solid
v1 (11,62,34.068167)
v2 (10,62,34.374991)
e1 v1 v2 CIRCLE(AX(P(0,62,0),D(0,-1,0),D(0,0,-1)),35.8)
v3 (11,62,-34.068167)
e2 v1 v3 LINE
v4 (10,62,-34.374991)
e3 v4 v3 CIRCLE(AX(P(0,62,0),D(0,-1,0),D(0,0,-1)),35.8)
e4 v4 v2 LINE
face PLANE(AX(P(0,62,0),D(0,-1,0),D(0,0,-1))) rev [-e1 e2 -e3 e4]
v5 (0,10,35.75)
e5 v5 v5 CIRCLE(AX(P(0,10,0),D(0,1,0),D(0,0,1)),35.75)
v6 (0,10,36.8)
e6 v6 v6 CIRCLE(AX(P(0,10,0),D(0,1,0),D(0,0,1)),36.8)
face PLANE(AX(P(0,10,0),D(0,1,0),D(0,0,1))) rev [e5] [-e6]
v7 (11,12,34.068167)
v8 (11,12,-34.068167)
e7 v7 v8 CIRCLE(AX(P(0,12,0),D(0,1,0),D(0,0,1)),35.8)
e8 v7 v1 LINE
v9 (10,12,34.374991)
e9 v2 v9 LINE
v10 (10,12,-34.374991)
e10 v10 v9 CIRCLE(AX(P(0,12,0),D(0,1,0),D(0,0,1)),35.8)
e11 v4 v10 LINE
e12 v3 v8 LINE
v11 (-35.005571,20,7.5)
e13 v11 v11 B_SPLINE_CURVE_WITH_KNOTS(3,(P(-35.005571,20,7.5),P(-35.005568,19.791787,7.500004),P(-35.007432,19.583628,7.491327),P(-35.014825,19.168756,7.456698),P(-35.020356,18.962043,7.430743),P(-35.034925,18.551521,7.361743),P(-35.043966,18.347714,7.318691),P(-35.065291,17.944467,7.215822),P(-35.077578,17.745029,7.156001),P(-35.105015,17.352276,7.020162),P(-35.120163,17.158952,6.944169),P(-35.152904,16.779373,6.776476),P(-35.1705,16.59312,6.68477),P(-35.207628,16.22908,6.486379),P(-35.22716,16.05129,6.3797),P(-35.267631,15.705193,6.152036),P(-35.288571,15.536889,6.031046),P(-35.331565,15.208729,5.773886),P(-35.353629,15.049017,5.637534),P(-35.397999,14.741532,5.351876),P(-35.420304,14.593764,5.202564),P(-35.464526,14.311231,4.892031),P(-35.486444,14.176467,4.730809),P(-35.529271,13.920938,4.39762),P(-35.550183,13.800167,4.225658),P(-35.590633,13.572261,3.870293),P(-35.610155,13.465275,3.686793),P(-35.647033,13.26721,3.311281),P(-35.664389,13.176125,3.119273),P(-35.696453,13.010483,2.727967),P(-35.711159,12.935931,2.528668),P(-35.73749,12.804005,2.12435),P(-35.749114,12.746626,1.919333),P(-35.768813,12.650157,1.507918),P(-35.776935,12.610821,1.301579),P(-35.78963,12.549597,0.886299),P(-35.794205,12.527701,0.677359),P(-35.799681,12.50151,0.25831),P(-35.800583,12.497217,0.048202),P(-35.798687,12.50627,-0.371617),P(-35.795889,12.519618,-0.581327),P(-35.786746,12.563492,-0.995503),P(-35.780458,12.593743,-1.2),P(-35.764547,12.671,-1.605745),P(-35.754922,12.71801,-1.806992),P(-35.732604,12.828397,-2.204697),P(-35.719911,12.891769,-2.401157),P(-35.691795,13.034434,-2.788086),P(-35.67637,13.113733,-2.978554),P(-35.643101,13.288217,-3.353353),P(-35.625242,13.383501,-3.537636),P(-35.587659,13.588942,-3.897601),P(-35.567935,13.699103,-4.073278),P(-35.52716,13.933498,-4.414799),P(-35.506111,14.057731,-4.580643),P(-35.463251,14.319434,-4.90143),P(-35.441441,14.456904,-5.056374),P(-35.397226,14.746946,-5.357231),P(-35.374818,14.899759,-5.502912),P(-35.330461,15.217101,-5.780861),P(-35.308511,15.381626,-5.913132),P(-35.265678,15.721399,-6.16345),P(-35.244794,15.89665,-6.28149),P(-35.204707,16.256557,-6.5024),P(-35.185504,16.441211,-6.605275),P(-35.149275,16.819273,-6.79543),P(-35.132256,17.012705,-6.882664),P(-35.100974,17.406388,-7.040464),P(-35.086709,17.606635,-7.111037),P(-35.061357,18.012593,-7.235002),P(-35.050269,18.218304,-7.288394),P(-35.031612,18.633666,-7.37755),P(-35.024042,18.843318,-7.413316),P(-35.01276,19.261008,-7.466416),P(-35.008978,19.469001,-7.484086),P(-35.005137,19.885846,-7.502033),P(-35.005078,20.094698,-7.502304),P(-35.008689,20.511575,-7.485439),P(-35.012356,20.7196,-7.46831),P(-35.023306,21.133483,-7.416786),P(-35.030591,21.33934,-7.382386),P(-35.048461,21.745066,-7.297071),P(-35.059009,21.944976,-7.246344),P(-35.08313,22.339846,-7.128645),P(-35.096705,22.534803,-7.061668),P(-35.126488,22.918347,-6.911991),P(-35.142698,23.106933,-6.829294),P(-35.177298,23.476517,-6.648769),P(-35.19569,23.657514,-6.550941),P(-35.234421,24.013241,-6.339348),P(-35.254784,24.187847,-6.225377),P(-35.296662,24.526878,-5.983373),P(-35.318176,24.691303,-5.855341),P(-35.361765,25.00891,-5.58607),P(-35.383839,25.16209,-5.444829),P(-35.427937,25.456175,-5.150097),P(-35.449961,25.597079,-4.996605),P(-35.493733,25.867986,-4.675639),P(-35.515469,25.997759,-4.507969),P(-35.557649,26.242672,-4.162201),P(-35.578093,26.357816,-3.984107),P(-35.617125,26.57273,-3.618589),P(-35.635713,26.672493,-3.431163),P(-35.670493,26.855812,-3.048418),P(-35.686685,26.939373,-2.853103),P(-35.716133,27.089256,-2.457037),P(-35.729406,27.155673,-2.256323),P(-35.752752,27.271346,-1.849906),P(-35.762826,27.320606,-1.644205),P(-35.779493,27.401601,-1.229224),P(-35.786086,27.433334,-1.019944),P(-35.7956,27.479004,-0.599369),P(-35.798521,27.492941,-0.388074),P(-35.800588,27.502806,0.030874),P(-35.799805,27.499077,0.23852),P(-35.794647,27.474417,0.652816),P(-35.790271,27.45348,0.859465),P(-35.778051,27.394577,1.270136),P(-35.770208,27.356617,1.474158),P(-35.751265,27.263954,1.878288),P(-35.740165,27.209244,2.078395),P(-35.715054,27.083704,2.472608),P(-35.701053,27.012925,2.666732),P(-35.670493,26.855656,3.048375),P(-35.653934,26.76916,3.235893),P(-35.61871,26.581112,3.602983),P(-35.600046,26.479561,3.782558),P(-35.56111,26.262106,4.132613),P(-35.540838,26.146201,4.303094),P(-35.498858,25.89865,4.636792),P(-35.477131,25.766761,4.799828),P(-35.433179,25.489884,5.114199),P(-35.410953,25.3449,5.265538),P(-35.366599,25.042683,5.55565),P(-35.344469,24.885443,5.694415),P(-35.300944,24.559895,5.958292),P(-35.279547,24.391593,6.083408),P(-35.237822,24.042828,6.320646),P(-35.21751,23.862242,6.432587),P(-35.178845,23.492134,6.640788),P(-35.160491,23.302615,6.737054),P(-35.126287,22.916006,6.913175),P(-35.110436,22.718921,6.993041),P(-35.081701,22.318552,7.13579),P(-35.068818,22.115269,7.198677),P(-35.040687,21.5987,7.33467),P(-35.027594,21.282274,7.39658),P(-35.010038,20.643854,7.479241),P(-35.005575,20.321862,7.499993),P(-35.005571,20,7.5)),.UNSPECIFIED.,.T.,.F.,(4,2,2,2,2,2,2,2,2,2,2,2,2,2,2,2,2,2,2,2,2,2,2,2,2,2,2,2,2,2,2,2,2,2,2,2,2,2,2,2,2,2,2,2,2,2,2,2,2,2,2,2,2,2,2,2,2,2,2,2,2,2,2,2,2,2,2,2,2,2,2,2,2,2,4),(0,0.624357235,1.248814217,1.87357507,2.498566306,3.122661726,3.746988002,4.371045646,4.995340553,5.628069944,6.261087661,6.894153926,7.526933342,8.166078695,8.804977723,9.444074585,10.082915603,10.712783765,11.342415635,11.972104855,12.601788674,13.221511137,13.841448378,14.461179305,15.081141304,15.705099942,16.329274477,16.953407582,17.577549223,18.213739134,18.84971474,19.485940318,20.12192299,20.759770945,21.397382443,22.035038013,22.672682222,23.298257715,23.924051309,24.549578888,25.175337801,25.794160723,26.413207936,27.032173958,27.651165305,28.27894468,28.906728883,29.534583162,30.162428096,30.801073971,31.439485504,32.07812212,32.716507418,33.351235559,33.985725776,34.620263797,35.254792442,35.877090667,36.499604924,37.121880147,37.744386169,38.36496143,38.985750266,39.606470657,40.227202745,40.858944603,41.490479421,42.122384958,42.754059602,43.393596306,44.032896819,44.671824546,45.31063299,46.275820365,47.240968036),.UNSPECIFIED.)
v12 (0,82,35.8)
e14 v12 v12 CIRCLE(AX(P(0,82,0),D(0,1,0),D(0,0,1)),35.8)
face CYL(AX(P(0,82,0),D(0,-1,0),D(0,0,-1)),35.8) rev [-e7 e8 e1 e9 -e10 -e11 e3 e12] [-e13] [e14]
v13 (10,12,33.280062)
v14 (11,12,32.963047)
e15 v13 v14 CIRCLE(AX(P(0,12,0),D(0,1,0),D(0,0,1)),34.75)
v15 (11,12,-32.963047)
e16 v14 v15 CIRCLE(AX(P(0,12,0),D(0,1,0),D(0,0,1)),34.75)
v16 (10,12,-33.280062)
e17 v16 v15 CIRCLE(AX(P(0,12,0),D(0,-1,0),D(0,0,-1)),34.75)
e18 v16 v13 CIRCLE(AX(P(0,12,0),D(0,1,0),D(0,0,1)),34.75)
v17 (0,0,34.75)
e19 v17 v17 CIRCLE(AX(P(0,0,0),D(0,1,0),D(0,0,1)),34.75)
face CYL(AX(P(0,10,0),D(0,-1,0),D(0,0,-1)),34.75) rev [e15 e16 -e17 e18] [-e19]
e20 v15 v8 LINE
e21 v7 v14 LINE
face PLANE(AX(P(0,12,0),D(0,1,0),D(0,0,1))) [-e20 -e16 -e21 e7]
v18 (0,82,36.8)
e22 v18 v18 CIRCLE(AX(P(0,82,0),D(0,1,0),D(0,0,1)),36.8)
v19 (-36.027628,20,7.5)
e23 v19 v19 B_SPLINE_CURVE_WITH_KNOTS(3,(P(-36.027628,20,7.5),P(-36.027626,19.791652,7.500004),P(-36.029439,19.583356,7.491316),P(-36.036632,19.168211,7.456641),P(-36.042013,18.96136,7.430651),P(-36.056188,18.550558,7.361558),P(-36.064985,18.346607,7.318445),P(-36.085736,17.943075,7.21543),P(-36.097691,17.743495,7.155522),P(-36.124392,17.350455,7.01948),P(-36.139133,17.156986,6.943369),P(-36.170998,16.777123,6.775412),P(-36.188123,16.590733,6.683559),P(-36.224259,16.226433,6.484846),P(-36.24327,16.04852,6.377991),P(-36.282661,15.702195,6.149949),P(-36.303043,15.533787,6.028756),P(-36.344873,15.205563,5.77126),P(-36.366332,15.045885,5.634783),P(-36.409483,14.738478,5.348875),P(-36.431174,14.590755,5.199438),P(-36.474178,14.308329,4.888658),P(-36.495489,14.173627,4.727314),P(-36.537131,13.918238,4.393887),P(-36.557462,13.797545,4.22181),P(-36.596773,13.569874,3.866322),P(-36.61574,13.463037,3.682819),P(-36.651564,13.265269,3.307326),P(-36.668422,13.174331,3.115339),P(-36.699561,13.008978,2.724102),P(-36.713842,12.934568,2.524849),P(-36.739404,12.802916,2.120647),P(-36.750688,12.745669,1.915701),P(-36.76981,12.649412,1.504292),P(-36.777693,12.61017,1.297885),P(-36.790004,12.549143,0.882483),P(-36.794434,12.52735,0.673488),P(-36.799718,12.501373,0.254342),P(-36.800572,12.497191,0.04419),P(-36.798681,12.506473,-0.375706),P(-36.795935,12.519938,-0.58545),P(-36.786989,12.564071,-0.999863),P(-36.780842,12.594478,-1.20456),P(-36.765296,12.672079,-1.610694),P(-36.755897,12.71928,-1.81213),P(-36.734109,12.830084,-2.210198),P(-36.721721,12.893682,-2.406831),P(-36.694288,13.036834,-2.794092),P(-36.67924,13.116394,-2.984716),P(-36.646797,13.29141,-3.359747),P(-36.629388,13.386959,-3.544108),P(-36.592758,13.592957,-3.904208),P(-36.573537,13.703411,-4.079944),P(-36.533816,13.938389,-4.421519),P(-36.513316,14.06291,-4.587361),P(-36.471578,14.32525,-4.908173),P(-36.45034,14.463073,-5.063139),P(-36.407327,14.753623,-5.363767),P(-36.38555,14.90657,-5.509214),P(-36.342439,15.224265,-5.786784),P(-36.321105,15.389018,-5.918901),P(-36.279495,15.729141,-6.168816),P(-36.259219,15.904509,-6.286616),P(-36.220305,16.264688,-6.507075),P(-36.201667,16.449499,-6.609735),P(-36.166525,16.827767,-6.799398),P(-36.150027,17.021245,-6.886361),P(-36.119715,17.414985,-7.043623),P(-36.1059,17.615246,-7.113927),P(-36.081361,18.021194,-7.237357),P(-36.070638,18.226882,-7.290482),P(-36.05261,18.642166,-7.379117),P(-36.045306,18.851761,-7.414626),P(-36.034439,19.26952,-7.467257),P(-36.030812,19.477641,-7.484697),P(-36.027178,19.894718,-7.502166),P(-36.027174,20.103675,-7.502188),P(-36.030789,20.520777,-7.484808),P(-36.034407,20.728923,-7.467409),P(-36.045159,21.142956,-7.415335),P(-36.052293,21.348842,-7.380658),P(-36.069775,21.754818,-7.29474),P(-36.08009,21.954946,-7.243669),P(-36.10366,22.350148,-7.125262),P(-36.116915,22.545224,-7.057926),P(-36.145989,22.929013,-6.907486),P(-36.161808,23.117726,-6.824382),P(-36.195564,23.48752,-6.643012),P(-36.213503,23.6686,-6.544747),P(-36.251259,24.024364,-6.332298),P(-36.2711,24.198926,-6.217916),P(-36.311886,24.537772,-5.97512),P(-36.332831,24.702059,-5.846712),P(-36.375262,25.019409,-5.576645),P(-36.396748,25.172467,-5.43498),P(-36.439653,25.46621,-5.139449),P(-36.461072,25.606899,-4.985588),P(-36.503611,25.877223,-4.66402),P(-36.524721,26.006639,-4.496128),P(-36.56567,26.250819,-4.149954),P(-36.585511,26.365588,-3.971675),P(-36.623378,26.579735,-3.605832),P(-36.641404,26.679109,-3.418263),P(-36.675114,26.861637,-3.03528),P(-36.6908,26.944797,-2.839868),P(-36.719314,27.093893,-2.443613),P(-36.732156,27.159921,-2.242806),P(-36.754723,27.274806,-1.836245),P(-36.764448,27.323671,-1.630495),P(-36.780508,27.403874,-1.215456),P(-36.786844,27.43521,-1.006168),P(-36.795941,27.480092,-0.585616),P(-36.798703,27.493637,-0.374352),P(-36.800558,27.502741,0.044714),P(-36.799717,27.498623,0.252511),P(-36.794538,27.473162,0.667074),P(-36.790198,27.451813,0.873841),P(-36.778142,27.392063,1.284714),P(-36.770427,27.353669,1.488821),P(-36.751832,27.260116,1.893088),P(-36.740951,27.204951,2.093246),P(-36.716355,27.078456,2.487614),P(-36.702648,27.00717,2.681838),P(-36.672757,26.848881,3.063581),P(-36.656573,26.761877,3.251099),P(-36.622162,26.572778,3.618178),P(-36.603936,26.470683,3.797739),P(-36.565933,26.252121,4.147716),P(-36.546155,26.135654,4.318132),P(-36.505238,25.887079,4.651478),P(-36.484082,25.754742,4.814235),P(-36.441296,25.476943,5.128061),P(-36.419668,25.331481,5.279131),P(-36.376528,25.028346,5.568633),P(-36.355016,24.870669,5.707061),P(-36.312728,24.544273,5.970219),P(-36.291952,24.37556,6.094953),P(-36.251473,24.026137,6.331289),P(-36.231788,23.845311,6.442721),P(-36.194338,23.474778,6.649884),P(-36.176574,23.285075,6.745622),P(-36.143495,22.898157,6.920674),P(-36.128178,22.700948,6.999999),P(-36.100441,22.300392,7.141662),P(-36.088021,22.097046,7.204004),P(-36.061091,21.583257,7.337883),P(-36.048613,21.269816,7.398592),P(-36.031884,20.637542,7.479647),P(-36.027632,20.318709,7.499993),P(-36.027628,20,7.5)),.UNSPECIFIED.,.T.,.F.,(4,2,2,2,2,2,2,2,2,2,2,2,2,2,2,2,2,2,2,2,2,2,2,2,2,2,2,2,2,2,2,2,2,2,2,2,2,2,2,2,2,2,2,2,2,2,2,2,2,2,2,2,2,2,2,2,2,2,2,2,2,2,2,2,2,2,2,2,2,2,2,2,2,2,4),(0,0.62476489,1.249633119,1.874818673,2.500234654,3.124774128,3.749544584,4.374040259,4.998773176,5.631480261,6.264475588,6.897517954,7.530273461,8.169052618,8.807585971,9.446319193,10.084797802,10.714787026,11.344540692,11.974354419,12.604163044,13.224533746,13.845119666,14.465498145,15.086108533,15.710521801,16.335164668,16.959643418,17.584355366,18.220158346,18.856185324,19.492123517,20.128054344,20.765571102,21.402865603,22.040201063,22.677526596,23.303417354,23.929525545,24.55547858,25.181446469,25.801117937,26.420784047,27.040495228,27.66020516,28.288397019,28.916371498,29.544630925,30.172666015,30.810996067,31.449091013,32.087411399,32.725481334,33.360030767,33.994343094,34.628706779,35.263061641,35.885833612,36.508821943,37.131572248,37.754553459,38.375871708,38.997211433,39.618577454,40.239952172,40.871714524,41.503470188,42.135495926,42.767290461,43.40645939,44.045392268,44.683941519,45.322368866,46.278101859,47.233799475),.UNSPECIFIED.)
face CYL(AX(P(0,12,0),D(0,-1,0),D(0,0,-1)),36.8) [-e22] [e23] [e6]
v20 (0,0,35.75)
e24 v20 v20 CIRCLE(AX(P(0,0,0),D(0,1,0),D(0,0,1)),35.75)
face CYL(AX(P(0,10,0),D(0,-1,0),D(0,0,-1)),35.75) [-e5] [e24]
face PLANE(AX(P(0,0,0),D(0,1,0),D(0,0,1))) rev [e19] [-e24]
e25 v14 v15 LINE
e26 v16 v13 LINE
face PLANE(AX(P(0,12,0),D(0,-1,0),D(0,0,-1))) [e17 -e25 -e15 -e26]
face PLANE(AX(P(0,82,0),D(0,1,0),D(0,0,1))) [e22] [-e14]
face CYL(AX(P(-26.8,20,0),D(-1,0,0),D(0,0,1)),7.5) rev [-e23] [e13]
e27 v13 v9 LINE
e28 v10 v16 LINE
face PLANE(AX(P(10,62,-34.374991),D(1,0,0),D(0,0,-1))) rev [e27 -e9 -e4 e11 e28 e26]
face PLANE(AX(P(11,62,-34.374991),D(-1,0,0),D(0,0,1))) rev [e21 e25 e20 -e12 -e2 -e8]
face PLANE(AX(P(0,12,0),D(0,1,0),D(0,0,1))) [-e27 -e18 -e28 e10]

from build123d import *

# Parameters (mm, degrees)
SKETCH1_R           = 35.75
SKETCH1_R_2         = 34.75
BOSS_EXTRUDE1_DEPTH = 10
SKETCH2_R           = 36.8
SKETCH2_R_2         = 34.75
BOSS_EXTRUDE3_DEPTH = 2
SKETCH3_R           = 36.8
SKETCH3_R_2         = 35.8
BOSS_EXTRUDE4_DEPTH = 70
SKETCH4_W           = 1
SKETCH4_H           = 68.749981818
BOSS_EXTRUDE5_DEPTH = 50
SKETCH5_R           = 7.5
CUT_EXTRUDE1_DEPTH  = 10


with BuildPart() as part:
    # Sketch1 → Boss-Extrude1 (new body)
    with BuildSketch(Plane(origin=(0, 0, 0), x_dir=(1, 0, 0), z_dir=(0, 1, 0))):
        with Locations(Location((0, 0, 0), (0, 0, 270))):
            Circle(SKETCH1_R)
        with Locations(Location((0, 0, 0), (0, 0, 270))):
            Circle(SKETCH1_R_2, mode=Mode.SUBTRACT)
    extrude(amount=BOSS_EXTRUDE1_DEPTH)

    # Sketch2 → Boss-Extrude3 (add)
    with BuildSketch(Plane(origin=(0, 10, 0), x_dir=(1, 0, 0), z_dir=(0, 1, 0))):
        with Locations(Location((0, 0, 0), (0, 0, 270))):
            Circle(SKETCH2_R)
        with Locations(Location((0, 0, 0), (0, 0, 270))):
            Circle(SKETCH2_R_2, mode=Mode.SUBTRACT)
    extrude(amount=BOSS_EXTRUDE3_DEPTH)

    # Sketch3 → Boss-Extrude4 (add)
    with BuildSketch(Plane(origin=(0, 12, 0), x_dir=(1, 0, 0), z_dir=(0, 1, 0))):
        with Locations(Location((0, 0, 0), (0, 0, 270))):
            Circle(SKETCH3_R)
        with Locations(Location((0, 0, 0), (0, 0, 270))):
            Circle(SKETCH3_R_2, mode=Mode.SUBTRACT)
    extrude(amount=BOSS_EXTRUDE4_DEPTH)

    # Sketch4 → Boss-Extrude5 (add)
    with BuildSketch(Plane(origin=(0, 12, 0), x_dir=(1, 0, 0), z_dir=(0, 1, 0))):
        with Locations((10.5, 0)):
            Rectangle(SKETCH4_W, SKETCH4_H)
    extrude(amount=BOSS_EXTRUDE5_DEPTH)

    # Sketch5 → Cut-Extrude1 (cut)
    with BuildSketch(Plane.ZY.offset(36.8)):
        with Locations((0, 20)):
            Circle(SKETCH5_R)
    extrude(amount=-CUT_EXTRUDE1_DEPTH, mode=Mode.SUBTRACT)


solid = part.part
